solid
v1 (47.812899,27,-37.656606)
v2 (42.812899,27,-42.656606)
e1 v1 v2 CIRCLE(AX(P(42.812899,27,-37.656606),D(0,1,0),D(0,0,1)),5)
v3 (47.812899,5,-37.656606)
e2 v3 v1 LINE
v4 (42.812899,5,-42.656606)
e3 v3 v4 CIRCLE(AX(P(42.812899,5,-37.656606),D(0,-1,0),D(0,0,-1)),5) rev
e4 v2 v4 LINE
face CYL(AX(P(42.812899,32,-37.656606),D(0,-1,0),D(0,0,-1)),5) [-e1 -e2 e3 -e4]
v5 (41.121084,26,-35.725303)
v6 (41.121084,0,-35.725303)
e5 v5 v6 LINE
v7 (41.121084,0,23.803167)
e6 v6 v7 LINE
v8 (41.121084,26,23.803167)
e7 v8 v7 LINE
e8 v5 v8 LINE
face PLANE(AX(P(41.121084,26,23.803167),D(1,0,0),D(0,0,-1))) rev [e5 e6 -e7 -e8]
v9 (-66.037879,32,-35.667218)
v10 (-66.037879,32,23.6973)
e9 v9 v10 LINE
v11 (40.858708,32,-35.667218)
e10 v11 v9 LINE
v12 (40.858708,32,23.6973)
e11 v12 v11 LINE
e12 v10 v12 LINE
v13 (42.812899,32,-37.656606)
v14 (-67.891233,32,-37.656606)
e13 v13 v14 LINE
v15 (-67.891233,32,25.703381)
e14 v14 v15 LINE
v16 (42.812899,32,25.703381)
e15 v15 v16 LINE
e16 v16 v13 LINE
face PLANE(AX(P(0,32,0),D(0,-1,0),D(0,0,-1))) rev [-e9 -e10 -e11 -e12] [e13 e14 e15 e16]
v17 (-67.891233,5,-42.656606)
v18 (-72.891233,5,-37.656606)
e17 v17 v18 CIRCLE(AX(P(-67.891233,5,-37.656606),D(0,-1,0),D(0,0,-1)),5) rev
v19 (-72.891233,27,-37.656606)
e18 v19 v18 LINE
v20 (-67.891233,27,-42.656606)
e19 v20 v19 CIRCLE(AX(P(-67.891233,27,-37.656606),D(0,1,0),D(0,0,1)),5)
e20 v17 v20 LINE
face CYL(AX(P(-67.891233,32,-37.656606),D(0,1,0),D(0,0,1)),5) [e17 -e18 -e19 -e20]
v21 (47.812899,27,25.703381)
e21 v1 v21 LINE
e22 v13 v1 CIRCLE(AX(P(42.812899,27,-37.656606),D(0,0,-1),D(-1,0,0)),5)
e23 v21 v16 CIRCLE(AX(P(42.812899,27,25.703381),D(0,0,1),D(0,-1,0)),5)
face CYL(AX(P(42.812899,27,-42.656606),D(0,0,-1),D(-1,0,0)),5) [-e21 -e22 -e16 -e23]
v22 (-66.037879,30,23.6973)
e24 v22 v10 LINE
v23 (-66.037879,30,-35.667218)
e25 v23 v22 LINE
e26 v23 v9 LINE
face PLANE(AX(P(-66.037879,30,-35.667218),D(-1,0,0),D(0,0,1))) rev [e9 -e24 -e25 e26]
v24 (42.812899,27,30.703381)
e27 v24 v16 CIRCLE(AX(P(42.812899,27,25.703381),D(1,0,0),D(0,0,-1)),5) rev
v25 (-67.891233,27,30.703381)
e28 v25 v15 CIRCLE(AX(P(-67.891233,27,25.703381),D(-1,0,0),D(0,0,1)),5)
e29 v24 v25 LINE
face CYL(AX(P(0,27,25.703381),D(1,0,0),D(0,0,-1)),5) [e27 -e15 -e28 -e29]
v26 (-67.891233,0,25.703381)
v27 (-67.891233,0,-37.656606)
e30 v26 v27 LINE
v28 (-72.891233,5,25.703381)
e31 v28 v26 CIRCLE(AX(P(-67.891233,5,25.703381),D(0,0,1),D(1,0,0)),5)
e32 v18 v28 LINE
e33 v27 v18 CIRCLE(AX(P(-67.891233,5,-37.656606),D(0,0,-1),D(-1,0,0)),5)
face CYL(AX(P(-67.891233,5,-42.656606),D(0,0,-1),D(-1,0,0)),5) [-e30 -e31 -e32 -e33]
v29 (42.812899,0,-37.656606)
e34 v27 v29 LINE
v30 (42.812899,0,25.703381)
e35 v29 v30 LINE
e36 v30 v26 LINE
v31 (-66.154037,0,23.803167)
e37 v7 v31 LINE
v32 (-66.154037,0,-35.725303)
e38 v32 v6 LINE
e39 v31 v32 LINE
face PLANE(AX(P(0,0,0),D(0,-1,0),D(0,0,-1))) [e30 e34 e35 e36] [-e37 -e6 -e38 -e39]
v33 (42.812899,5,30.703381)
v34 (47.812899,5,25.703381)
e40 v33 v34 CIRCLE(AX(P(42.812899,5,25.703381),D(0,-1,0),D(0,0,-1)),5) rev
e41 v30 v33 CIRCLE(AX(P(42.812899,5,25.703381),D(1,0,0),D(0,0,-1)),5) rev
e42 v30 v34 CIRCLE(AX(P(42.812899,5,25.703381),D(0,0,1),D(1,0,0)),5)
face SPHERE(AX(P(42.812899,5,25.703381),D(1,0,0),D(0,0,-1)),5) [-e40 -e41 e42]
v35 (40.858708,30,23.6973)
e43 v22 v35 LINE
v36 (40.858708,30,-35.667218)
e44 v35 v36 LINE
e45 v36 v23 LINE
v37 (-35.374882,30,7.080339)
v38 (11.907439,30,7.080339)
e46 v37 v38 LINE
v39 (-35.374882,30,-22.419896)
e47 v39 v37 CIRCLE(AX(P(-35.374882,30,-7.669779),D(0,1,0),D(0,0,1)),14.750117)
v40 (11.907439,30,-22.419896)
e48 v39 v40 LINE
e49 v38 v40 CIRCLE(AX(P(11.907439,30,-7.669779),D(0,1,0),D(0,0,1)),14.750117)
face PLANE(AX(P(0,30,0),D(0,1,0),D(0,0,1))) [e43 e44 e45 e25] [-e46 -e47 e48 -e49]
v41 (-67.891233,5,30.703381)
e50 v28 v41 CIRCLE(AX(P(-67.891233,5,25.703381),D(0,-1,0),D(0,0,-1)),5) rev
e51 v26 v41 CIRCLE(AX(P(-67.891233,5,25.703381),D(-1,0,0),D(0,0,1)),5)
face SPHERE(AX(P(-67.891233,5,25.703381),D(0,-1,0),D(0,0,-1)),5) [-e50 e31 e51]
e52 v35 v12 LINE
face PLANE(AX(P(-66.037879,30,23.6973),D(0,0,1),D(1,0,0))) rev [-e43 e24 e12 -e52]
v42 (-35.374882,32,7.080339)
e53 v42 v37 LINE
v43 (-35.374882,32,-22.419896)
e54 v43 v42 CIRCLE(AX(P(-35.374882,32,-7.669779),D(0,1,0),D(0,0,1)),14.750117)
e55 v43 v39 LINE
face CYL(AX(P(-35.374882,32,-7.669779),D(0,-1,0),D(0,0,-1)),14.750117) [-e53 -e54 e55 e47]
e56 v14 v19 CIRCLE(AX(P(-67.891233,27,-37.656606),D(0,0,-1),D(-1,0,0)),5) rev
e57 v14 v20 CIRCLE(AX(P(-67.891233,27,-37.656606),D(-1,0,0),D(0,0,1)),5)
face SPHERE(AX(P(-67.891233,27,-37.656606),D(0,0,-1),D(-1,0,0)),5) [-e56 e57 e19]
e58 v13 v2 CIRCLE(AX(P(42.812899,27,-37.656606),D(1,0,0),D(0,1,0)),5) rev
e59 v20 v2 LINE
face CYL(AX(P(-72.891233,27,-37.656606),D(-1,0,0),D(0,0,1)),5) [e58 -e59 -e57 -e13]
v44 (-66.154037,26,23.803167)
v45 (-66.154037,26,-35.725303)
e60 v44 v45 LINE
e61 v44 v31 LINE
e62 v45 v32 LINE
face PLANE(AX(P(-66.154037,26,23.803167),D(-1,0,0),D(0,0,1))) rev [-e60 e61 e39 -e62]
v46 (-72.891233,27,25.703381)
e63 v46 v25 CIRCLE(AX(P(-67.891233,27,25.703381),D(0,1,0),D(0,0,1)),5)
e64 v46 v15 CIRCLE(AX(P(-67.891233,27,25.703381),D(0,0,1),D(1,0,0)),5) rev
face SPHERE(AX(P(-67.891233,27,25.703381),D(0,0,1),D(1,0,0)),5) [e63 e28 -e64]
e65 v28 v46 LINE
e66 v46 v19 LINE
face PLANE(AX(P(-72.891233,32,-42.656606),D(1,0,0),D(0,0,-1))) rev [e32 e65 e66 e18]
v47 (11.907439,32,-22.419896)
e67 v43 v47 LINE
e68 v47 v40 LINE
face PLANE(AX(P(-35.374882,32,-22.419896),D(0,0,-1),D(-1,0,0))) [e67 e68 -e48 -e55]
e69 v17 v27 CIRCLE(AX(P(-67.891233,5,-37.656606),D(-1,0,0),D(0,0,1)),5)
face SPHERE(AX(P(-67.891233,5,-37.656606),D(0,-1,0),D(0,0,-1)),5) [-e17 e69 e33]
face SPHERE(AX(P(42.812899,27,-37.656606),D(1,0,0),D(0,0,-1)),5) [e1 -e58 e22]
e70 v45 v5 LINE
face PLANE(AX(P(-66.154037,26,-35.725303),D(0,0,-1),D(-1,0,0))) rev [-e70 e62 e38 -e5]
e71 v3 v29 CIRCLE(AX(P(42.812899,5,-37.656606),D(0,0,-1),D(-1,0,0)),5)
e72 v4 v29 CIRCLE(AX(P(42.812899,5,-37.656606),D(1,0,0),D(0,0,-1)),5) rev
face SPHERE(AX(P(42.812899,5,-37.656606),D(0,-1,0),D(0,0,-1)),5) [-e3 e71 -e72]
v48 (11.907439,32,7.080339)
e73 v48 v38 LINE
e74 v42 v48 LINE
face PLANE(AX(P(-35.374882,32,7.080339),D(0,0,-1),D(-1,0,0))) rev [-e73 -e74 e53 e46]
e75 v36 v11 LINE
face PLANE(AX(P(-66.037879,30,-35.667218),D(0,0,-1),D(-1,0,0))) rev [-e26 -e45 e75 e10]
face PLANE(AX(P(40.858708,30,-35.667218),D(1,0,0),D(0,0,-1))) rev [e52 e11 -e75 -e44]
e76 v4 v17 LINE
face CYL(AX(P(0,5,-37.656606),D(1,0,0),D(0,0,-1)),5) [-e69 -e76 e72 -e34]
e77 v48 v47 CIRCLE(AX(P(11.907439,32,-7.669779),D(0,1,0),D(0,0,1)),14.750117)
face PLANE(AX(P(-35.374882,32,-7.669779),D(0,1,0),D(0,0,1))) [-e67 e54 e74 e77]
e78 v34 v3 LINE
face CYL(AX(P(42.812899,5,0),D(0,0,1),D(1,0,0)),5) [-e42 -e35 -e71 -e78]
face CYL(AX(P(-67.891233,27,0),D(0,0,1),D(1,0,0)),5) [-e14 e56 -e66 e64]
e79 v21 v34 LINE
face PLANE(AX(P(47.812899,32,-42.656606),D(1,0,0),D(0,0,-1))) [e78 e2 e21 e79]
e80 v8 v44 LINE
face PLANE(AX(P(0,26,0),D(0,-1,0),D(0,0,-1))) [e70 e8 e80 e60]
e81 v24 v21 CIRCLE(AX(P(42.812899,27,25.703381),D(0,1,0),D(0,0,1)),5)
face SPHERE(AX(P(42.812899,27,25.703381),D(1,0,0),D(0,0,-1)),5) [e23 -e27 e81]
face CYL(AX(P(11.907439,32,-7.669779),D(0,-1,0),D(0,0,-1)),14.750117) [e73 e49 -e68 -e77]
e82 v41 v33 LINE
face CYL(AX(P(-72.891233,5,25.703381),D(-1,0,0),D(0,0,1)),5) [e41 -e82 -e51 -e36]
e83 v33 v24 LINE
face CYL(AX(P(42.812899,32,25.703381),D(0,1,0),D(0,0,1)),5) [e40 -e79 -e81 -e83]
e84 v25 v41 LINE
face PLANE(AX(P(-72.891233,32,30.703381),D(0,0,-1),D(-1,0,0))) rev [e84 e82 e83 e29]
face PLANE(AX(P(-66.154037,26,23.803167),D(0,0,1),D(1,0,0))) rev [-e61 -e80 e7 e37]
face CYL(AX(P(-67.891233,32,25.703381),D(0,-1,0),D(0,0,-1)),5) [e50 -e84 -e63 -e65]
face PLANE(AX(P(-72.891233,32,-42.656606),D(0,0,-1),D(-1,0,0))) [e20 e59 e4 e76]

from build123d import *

# Parameters (mm, degrees)
SKETCH_1_W          = 120.704131687
SKETCH_1_H          = 73.359986831
EXTRUDE_1_DEPTH     = 32
FILLET_4_R          = 5
SKETCH_2_W          = 103.308329398
SKETCH_2_H          = 57.020562217
EXTRUDE_2_DEPTH     = 1
SKETCH_3_W          = 106.896586693
SKETCH_3_H          = 59.364518817
CUT_EXTRUDE_1_DEPTH = 2
EXTRUDE_4_DEPTH     = 2
SKETCH_6_W          = 107.275121148
SKETCH_6_H          = 59.528469182
CUT_EXTRUDE_2_DEPTH = 26


with BuildPart() as part:
    # 草图1 → 凸台-拉伸1 (new body)
    with BuildSketch(Plane(origin=(0, 0, 0), x_dir=(1, 0, 0), z_dir=(0, 1, 0))):
        with Locations((-12.539167079, 5.976612345)):
            Rectangle(SKETCH_1_W, SKETCH_1_H)
    extrude(amount=EXTRUDE_1_DEPTH)

    # 圆角4
    fillet_4_edges = [part.edges().sort_by_distance(p)[0] for p in [
        (-12.539167078, 32, -42.656605761),
        (-72.891232922, 32, -5.976612346),
        (-12.539167078, 32, 30.70338107),
        (-72.891232922, 0, -5.976612346),
        (-12.539167078, 0, -42.656605761),
        (47.812898765, 0, -5.976612346),
        (-12.539167078, 0, 30.70338107),
        (-72.891232922, 16, 30.70338107),
        (-72.891232922, 16, -42.656605761),
        (47.812898765, 16, -42.656605761),
        (47.812898765, 16, 30.70338107),
        (47.812898765, 32, -5.976612346),
    ]]
    fillet(fillet_4_edges, radius=FILLET_4_R)

    # 草图2 → 凸台-拉伸2 (add)
    with BuildSketch(Plane(origin=(0, 32, 0), x_dir=(1, 0, 0), z_dir=(0, 1, 0))):
        with Locations((-12.689078598, 6.094786595)):
            Rectangle(SKETCH_2_W, SKETCH_2_H)
    extrude(amount=-EXTRUDE_2_DEPTH)

    # 草图3 → 切除-拉伸1 (cut)
    with BuildSketch(Plane(origin=(0, 32, 0), x_dir=(1, 0, 0), z_dir=(0, 1, 0))):
        with Locations((-12.5895853, 5.984959014)):
            Rectangle(SKETCH_3_W, SKETCH_3_H)
    extrude(amount=-CUT_EXTRUDE_1_DEPTH, mode=Mode.SUBTRACT)

    # 草图5 → 凸台-拉伸4 (add)
    with BuildSketch(Plane(origin=(0, 30, 0), x_dir=(1, 0, 0), z_dir=(0, 1, 0))):
        with BuildLine():
            Line((-35.374881663, 22.419896032), (11.907439302, 22.419896032))
            ThreePointArc((11.907439302, 22.419896032), (26.657556761, 7.669778573), (11.907439302, -7.080338886))
            Line((11.907439302, -7.080338886), (-35.374881663, -7.080338886))
            ThreePointArc((-35.374881663, -7.080338886), (-50.124999122, 7.669778573), (-35.374881663, 22.419896032))
        make_face()
    extrude(amount=EXTRUDE_4_DEPTH)

    # 草图6 → 切除-拉伸2 (cut)
    with BuildSketch(Plane.XZ):
        with Locations((-12.51647611, -5.961067915)):
            Rectangle(SKETCH_6_W, SKETCH_6_H)
    extrude(amount=-CUT_EXTRUDE_2_DEPTH, mode=Mode.SUBTRACT)


solid = part.part
